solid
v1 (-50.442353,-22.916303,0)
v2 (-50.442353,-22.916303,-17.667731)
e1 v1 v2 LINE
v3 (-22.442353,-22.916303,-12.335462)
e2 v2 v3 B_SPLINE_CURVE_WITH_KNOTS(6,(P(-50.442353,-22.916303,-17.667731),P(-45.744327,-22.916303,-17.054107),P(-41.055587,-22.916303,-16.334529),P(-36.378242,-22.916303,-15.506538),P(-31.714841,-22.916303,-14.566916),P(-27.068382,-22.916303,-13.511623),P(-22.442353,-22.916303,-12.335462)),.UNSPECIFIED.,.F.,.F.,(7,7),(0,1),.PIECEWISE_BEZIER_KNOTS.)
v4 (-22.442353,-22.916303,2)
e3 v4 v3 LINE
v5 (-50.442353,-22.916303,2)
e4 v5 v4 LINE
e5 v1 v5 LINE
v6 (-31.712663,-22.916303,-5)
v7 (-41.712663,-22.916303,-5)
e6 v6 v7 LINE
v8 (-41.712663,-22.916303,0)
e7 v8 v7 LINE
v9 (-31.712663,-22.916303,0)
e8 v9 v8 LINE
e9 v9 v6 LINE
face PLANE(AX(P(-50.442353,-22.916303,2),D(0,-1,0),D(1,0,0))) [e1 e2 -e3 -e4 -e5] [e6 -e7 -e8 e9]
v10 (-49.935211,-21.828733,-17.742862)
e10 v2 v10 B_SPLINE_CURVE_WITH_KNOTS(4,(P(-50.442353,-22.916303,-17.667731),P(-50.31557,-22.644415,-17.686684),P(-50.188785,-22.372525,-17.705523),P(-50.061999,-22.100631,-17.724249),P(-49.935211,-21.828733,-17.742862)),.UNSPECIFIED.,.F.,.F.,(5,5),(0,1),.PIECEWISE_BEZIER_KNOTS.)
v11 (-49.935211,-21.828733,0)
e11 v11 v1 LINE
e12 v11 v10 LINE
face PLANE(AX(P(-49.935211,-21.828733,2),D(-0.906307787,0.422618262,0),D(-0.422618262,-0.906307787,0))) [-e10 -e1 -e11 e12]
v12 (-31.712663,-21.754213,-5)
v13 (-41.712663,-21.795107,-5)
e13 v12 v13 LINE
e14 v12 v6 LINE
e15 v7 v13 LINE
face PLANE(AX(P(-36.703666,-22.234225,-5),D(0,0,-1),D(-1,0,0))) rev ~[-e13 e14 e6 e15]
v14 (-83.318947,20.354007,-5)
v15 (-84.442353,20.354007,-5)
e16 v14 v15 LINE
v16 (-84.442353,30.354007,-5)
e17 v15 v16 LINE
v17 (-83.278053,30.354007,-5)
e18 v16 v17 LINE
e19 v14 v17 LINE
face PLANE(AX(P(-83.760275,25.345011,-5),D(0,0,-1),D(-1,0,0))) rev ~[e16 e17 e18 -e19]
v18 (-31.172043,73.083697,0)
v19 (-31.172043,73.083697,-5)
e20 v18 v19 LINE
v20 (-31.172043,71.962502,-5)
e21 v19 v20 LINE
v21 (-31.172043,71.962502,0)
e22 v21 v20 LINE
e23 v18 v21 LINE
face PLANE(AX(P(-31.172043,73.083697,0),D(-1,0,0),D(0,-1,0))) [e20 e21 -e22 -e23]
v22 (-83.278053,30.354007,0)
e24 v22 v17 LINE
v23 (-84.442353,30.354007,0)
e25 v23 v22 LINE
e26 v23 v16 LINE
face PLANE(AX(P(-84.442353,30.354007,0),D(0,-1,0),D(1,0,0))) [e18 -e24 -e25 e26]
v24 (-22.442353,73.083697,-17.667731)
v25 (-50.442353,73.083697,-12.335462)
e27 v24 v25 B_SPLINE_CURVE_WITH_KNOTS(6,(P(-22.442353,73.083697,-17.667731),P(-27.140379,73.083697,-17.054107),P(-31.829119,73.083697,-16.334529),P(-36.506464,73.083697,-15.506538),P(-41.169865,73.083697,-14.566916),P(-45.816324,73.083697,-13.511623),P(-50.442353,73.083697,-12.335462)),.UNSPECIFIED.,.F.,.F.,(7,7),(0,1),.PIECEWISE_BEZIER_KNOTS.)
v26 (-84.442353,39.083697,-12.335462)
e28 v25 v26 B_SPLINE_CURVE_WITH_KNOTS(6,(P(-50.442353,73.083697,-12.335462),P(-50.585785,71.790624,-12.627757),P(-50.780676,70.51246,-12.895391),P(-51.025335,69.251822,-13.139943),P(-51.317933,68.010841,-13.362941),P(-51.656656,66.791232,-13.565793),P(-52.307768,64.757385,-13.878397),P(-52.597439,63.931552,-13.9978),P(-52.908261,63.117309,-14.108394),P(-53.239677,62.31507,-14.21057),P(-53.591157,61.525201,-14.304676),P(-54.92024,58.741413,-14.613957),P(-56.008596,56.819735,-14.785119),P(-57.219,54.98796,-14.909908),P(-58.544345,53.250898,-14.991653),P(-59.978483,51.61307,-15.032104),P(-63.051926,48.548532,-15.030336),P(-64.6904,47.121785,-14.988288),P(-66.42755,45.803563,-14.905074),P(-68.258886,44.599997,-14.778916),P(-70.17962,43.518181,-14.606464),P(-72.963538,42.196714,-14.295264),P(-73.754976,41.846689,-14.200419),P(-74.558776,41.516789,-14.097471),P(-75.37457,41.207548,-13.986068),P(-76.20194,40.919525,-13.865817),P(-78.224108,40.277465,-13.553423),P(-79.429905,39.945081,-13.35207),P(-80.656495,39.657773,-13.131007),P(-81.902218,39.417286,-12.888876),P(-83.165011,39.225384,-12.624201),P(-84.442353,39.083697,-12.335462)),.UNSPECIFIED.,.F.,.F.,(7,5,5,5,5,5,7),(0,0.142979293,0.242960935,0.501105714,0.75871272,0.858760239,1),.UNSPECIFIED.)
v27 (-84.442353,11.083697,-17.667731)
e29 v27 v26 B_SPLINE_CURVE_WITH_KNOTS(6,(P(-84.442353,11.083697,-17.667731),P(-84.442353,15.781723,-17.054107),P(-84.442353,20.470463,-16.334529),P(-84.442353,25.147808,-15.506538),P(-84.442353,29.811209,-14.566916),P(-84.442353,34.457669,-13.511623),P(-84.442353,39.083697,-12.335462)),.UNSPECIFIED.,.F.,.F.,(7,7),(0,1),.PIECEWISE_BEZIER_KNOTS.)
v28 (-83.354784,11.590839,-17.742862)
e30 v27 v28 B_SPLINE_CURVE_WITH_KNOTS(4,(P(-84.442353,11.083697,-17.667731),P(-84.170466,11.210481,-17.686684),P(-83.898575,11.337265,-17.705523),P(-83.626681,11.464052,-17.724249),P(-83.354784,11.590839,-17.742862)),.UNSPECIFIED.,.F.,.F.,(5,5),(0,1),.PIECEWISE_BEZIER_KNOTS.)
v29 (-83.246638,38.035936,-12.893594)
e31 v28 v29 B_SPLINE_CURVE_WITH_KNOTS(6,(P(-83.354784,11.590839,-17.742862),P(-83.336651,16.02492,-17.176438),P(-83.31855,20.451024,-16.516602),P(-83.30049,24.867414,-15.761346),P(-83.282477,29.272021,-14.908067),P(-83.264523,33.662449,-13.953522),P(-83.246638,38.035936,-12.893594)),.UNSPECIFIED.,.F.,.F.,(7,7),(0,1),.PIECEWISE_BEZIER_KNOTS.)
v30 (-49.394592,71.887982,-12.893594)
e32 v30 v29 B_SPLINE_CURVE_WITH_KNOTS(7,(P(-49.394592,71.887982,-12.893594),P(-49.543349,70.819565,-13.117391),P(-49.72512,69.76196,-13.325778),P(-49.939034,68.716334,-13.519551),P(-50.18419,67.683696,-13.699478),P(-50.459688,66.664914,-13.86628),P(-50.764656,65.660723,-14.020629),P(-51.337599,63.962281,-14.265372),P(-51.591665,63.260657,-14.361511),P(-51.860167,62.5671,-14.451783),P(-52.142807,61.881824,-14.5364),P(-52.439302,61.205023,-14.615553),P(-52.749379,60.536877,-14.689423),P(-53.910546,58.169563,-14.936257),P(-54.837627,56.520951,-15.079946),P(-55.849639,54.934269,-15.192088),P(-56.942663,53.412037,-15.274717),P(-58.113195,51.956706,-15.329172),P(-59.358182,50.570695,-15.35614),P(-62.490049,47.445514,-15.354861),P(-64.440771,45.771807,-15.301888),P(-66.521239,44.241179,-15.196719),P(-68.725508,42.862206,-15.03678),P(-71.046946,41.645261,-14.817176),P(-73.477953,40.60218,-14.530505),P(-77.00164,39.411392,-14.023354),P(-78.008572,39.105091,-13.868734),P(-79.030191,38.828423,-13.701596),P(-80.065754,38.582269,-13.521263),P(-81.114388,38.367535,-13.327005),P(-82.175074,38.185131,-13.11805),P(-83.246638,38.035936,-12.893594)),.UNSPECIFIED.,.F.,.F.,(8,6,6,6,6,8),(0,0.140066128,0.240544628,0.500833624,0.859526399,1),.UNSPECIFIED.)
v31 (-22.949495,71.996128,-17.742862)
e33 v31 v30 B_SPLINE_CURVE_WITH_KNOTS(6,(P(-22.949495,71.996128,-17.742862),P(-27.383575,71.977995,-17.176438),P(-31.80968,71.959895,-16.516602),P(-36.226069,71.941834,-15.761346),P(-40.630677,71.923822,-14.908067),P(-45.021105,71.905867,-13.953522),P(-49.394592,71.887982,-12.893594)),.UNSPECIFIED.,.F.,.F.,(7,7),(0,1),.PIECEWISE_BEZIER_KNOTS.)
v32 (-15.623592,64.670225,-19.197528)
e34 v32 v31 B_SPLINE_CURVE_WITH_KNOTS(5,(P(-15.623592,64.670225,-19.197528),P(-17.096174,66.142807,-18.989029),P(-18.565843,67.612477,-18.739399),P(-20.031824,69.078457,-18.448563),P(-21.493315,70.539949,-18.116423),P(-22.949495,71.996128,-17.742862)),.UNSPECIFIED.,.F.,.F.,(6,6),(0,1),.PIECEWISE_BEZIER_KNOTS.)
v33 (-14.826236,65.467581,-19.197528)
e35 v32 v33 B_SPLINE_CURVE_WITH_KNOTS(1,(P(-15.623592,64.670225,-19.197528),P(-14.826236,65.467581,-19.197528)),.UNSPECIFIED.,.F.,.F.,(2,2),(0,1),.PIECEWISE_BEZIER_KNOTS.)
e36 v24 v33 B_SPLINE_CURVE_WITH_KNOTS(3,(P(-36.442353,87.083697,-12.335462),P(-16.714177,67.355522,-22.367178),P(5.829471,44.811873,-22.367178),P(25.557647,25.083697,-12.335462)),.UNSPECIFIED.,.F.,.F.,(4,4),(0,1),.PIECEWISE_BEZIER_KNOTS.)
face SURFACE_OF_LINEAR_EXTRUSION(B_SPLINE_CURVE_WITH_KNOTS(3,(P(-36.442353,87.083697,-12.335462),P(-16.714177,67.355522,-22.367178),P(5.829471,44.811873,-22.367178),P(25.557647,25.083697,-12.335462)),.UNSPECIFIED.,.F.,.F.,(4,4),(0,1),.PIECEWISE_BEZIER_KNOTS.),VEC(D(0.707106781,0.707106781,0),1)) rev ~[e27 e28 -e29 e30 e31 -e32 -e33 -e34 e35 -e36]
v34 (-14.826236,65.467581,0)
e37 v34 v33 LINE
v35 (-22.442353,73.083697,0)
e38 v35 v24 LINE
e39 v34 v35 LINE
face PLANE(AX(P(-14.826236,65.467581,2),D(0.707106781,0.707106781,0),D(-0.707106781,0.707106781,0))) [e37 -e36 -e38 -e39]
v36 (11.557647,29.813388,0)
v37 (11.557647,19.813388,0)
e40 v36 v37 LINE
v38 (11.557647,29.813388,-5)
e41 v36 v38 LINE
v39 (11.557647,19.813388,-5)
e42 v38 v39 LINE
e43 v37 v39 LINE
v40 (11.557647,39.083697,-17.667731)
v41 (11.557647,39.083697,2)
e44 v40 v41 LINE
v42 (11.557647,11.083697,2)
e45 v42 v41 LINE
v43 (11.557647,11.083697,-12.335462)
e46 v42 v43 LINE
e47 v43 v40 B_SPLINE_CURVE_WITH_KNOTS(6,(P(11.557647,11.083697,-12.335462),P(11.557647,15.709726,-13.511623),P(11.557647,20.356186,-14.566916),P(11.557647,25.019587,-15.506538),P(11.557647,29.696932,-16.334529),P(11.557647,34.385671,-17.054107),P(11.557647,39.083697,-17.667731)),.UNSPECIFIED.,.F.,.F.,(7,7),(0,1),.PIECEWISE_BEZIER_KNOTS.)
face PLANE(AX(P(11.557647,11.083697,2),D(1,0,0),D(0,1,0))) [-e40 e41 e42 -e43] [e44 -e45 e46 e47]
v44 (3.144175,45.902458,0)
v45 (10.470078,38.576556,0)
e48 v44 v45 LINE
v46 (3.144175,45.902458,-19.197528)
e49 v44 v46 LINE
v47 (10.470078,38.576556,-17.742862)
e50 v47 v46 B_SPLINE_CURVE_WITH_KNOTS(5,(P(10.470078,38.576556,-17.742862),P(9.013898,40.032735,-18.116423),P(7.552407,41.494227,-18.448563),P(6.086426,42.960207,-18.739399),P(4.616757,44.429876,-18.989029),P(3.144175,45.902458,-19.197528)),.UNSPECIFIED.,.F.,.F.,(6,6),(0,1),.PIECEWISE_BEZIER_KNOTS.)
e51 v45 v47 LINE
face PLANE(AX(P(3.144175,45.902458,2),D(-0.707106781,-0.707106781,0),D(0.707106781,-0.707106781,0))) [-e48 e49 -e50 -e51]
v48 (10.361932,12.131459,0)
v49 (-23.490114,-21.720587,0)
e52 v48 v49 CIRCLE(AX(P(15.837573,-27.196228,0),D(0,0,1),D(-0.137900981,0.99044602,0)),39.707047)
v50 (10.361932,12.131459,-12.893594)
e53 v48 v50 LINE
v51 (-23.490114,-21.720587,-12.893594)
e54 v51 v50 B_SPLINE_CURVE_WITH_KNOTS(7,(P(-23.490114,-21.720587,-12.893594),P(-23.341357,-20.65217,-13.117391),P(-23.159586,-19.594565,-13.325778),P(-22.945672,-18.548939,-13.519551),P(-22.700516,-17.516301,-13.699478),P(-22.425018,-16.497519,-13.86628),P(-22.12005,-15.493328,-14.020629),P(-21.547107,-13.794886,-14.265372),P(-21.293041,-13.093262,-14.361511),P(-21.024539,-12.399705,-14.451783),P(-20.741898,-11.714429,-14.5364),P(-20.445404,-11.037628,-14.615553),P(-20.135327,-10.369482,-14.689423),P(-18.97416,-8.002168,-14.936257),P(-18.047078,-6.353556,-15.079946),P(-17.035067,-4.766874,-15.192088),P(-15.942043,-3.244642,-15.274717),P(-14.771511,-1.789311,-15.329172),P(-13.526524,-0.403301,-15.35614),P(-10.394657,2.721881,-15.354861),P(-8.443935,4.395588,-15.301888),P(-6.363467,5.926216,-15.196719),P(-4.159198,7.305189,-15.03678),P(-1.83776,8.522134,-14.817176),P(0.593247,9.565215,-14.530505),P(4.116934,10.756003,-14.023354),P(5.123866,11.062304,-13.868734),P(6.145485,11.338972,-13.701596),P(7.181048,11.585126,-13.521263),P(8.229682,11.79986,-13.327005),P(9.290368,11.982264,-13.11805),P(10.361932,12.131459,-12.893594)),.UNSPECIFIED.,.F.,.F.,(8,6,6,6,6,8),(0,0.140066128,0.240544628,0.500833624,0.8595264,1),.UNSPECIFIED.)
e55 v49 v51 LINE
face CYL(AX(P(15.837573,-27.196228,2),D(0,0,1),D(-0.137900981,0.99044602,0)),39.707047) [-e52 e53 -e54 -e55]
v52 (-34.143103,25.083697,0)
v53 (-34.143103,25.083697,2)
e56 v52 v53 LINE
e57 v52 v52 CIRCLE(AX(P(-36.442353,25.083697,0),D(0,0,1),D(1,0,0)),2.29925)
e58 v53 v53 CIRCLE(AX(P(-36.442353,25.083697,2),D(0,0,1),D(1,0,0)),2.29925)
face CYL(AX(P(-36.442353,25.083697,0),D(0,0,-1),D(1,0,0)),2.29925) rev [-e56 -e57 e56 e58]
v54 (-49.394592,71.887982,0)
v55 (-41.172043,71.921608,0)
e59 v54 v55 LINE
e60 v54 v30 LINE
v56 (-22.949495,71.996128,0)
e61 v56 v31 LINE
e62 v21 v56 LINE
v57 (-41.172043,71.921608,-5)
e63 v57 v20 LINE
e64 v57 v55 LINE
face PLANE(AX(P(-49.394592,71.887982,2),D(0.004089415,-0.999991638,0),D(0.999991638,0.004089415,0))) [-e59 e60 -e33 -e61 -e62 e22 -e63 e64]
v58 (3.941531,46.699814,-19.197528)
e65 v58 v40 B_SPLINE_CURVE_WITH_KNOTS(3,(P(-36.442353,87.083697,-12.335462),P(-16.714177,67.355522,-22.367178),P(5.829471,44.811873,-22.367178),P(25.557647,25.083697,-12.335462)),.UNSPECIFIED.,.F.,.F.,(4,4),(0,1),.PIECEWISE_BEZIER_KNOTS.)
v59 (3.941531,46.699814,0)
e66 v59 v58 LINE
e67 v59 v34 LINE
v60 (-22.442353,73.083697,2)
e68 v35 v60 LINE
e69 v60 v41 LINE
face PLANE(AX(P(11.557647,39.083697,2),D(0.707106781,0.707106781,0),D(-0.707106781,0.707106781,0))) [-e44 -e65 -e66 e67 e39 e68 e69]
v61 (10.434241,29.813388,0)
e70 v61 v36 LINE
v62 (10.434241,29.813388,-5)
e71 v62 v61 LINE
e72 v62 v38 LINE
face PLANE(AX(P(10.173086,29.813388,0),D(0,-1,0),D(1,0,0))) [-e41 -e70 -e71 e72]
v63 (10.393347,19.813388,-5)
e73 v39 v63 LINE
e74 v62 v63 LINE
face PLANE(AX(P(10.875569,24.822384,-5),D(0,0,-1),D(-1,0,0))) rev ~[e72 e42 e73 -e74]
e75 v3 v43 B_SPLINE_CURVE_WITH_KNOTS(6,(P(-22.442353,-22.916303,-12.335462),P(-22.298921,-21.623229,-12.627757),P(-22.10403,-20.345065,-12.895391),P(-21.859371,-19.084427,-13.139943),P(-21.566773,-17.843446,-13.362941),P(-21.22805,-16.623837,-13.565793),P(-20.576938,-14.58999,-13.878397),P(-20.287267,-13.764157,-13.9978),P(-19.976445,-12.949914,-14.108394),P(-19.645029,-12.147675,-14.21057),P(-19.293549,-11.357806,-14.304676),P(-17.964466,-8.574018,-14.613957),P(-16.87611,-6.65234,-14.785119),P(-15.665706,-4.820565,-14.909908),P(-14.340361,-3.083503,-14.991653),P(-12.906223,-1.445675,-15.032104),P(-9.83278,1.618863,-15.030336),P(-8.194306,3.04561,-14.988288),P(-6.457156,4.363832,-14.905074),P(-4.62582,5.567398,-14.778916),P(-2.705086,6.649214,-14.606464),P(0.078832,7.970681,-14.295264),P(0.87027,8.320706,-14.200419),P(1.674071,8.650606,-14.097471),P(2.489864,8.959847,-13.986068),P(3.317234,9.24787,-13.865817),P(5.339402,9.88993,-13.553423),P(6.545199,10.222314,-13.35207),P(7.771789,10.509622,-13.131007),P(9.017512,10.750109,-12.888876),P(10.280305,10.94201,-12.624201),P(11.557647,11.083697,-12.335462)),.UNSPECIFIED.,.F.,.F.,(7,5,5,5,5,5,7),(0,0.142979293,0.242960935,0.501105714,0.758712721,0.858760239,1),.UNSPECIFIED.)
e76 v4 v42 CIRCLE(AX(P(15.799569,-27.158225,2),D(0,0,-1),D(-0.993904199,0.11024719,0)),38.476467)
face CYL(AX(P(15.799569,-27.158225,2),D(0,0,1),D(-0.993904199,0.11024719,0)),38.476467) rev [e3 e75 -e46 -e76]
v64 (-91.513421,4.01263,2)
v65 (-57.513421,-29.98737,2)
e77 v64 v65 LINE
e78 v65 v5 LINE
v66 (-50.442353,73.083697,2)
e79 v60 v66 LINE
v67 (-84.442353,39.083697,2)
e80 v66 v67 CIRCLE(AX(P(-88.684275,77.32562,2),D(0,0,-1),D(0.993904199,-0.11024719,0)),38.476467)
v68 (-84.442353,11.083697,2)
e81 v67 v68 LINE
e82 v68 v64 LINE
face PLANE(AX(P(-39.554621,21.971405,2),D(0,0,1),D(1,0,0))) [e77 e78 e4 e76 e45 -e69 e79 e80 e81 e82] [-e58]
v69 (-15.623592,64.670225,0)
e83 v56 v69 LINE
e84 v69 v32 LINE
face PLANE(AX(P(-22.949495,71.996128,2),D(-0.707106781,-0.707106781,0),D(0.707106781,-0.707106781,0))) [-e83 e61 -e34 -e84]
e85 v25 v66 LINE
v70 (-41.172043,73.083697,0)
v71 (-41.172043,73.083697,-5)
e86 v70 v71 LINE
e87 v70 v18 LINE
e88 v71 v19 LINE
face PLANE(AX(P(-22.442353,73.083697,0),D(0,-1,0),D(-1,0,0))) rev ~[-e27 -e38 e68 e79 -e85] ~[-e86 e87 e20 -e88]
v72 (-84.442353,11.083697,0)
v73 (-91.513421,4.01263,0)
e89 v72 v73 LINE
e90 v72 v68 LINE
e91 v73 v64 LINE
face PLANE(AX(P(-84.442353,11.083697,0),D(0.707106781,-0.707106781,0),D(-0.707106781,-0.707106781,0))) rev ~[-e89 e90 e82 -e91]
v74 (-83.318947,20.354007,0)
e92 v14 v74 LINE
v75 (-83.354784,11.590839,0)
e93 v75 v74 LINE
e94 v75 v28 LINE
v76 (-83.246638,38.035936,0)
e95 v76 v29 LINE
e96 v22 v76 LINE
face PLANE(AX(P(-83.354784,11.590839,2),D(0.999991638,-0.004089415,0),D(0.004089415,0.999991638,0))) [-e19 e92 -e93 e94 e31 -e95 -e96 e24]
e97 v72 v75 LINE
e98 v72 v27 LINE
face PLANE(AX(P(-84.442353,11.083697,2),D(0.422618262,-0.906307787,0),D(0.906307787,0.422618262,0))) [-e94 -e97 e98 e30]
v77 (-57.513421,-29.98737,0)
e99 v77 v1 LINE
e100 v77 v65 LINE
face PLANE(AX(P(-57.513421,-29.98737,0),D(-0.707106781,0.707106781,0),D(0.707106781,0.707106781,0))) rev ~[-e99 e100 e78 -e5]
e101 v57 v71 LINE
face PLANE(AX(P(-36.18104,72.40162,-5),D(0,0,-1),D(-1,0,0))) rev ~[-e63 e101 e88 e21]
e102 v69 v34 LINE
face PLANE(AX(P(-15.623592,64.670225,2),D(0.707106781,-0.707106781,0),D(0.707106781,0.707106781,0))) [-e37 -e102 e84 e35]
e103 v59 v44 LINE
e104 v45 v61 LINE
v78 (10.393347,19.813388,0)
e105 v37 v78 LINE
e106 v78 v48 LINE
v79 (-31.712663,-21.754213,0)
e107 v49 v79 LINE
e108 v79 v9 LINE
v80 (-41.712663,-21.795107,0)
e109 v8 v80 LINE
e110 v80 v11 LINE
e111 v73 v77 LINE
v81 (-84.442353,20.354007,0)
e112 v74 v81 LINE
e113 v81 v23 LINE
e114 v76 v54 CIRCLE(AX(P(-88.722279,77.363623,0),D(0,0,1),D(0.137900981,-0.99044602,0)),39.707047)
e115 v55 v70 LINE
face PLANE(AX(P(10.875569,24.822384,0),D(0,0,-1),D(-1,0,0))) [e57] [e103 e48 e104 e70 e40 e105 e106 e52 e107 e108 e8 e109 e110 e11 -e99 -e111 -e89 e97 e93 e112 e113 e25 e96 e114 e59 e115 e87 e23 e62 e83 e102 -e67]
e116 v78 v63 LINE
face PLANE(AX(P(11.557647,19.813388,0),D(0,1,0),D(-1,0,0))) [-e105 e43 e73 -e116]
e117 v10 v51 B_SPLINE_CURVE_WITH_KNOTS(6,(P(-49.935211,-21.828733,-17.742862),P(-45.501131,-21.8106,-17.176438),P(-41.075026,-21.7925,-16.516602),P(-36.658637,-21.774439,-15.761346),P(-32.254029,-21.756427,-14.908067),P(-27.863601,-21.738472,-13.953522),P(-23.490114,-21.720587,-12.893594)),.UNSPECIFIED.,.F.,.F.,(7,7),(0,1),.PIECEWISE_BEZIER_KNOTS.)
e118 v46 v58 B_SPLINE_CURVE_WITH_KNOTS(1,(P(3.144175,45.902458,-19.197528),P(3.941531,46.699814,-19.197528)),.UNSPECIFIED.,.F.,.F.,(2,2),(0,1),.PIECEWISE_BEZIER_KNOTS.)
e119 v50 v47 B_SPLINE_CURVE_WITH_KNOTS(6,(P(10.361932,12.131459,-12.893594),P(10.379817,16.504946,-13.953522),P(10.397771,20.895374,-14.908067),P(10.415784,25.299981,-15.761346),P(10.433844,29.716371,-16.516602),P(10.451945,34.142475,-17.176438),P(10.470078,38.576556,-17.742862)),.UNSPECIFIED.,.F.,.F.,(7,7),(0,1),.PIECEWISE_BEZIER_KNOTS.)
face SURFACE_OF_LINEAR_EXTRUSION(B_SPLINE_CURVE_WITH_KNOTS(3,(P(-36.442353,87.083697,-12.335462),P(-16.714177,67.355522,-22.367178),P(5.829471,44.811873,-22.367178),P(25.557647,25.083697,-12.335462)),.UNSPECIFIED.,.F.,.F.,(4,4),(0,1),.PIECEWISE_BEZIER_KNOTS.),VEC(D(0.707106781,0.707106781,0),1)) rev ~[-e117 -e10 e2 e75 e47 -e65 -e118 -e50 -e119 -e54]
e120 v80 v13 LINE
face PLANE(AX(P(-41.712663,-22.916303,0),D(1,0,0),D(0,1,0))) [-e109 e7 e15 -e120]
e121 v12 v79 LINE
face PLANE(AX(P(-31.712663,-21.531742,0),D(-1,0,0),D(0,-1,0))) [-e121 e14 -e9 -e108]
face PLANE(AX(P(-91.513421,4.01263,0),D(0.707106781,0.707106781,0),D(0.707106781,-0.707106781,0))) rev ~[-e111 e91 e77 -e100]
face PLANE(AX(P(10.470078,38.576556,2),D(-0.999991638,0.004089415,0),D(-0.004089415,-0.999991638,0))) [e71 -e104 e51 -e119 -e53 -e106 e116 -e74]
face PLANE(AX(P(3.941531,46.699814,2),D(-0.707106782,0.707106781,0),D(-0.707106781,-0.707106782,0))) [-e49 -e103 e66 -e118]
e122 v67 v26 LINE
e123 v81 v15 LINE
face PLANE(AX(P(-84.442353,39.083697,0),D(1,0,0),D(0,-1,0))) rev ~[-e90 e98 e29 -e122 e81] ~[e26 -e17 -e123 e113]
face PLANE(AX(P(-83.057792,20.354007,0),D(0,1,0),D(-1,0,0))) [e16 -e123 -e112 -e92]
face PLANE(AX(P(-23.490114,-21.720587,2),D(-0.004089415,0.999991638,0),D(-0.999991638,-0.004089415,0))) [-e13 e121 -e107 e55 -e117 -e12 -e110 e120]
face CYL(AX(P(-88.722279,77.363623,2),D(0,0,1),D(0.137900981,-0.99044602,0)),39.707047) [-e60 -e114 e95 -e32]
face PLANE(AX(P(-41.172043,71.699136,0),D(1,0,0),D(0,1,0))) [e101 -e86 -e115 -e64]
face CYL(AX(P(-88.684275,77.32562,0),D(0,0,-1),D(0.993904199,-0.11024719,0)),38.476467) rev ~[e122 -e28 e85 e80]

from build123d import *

# Parameters (mm, degrees)
SKETCH1_R           = 2.299249708
BOSS_EXTRUDE1_DEPTH = 2
BOSS_EXTRUDE2_DEPTH = 25
CUT_EXTRUDE1_DEPTH  = 5
CUT_EXTRUDE2_DEPTH  = 122.722871427


with BuildPart() as part:
    # Sketch1 → Boss-Extrude1 (new body)
    with BuildSketch(Plane.XY):
        with BuildLine():
            Line((-50.442352941, -22.916302521), (-22.442352941, -22.916302521))
            ThreePointArc((-22.442352941, -22.916302521), (-11.414384755, 0.055729293), (11.557647059, 11.083697479))
            Line((11.557647059, 11.083697479), (11.557647059, 39.083697479))
            Line((11.557647059, 39.083697479), (-22.442352941, 73.083697479))
            Line((-22.442352941, 73.083697479), (-50.442352941, 73.083697479))
            ThreePointArc((-50.442352941, 73.083697479), (-61.477304412, 50.118648949), (-84.442352941, 39.083697479))
            Line((-84.442352941, 39.083697479), (-84.442352941, 11.083697479))
            Line((-84.442352941, 11.083697479), (-91.513420753, 4.012629667))
            Line((-91.513420753, 4.012629667), (-57.513420753, -29.987370333))
            Line((-57.513420753, -29.987370333), (-50.442352941, -22.916302521))
        make_face()
        with Locations((-36.442352941, 25.083697479)):
            Circle(SKETCH1_R, mode=Mode.SUBTRACT)
    extrude(amount=BOSS_EXTRUDE1_DEPTH)

    # Sketch2 → Boss-Extrude2 (add)
    with BuildSketch(Plane.XY.offset(2)):
        with BuildLine():
            Line((11.557647059, 11.083697479), (11.557647059, 39.083697479))
            Line((11.557647059, 39.083697479), (3.941530535, 46.699814003))
            Line((3.941530535, 46.699814003), (3.144174906, 45.902458373))
            Line((3.144174906, 45.902458373), (10.470077714, 38.576555565))
            Line((10.470077714, 38.576555565), (10.361931826, 12.13145892))
            ThreePointArc((10.361931826, 12.13145892), (-12.239549802, 0.88089434), (-23.490114382, -21.720587289))
            Line((-23.490114382, -21.720587289), (-49.935211027, -21.828733177))
            Line((-49.935211027, -21.828733177), (-50.442352941, -22.916302521))
            Line((-50.442352941, -22.916302521), (-22.442352941, -22.916302521))
            ThreePointArc((-22.442352941, -22.916302521), (-11.407401471, 0.048746009), (11.557647059, 11.083697479))
        make_face()
        with BuildLine():
            Line((-22.442352941, 73.083697479), (-50.442352941, 73.083697479))
            ThreePointArc((-50.442352941, 73.083697479), (-61.477304412, 50.118648949), (-84.442352941, 39.083697479))
            Line((-84.442352941, 39.083697479), (-84.442352941, 11.083697479))
            Line((-84.442352941, 11.083697479), (-83.354783597, 11.590839393))
            Line((-83.354783597, 11.590839393), (-83.246637709, 38.035936038))
            ThreePointArc((-83.246637709, 38.035936038), (-60.64515608, 49.286500618), (-49.394591501, 71.887982247))
            Line((-49.394591501, 71.887982247), (-22.949494855, 71.996128135))
            Line((-22.949494855, 71.996128135), (-15.623592047, 64.670225326))
            Line((-15.623592047, 64.670225326), (-14.826236418, 65.467580955))
            Line((-14.826236418, 65.467580955), (-22.442352941, 73.083697479))
        make_face()
    extrude(amount=-BOSS_EXTRUDE2_DEPTH)

    # Sketch3 → Cut-Extrude1 (cut)
    with BuildSketch(Plane(origin=(0, 0, 0), x_dir=(-1, 0, 0), z_dir=(0, 0, -1))):
        Polygon((31.712662704, -21.754212985), (31.712662704, -22.916302521), (41.712662704, -22.916302521), (41.712662704, -21.79510748), (41.712662704, -21.572636028), (31.712662704, -21.531741532), align=None)
        Polygon((-10.395557523, 29.813387716), (-11.557647059, 29.813387716), (-11.557647059, 19.813387716), (-10.436452018, 19.813387716), (-10.213980565, 19.813387716), (-10.17308607, 29.813387716), align=None)
        Polygon((41.172043178, 71.921607943), (41.172043178, 73.083697479), (31.172043178, 73.083697479), (31.172043178, 71.962502438), (31.172043178, 71.740030985), (41.172043178, 71.69913649), align=None)
        Polygon((83.280263405, 20.354007242), (84.442352941, 20.354007242), (84.442352941, 30.354007242), (83.3211579, 30.354007242), (83.098686448, 30.354007242), (83.057791952, 20.354007242), align=None)
    extrude(amount=CUT_EXTRUDE1_DEPTH, mode=Mode.SUBTRACT)

    # Sketch4 → Cut-Extrude2 (cut, through all)
    with BuildSketch(Plane(origin=(25.320672269, 25.320672269, 0), x_dir=(0.707106781, -0.707106781, 0), z_dir=(0.707106781, 0.707106781, 0))):
        with BuildLine():
            Line((-87.346107905, 12.335462167), (-87.346107905, 23))
            Line((-87.346107905, 23), (0.335132962, 23))
            Line((0.335132962, 23), (0.335132962, 12.335462167))
            add(Edge.make_bspline(
                [(-87.346107905, 12.335462167), (-59.446253938, 22.367177976), (-27.564721006, 22.367177976), (0.335132962, 12.335462167)],
                knots=[0, 0, 0, 0, 1, 1, 1, 1], degree=3))
        make_face()
    extrude(amount=-CUT_EXTRUDE2_DEPTH, mode=Mode.SUBTRACT)


solid = part.part
